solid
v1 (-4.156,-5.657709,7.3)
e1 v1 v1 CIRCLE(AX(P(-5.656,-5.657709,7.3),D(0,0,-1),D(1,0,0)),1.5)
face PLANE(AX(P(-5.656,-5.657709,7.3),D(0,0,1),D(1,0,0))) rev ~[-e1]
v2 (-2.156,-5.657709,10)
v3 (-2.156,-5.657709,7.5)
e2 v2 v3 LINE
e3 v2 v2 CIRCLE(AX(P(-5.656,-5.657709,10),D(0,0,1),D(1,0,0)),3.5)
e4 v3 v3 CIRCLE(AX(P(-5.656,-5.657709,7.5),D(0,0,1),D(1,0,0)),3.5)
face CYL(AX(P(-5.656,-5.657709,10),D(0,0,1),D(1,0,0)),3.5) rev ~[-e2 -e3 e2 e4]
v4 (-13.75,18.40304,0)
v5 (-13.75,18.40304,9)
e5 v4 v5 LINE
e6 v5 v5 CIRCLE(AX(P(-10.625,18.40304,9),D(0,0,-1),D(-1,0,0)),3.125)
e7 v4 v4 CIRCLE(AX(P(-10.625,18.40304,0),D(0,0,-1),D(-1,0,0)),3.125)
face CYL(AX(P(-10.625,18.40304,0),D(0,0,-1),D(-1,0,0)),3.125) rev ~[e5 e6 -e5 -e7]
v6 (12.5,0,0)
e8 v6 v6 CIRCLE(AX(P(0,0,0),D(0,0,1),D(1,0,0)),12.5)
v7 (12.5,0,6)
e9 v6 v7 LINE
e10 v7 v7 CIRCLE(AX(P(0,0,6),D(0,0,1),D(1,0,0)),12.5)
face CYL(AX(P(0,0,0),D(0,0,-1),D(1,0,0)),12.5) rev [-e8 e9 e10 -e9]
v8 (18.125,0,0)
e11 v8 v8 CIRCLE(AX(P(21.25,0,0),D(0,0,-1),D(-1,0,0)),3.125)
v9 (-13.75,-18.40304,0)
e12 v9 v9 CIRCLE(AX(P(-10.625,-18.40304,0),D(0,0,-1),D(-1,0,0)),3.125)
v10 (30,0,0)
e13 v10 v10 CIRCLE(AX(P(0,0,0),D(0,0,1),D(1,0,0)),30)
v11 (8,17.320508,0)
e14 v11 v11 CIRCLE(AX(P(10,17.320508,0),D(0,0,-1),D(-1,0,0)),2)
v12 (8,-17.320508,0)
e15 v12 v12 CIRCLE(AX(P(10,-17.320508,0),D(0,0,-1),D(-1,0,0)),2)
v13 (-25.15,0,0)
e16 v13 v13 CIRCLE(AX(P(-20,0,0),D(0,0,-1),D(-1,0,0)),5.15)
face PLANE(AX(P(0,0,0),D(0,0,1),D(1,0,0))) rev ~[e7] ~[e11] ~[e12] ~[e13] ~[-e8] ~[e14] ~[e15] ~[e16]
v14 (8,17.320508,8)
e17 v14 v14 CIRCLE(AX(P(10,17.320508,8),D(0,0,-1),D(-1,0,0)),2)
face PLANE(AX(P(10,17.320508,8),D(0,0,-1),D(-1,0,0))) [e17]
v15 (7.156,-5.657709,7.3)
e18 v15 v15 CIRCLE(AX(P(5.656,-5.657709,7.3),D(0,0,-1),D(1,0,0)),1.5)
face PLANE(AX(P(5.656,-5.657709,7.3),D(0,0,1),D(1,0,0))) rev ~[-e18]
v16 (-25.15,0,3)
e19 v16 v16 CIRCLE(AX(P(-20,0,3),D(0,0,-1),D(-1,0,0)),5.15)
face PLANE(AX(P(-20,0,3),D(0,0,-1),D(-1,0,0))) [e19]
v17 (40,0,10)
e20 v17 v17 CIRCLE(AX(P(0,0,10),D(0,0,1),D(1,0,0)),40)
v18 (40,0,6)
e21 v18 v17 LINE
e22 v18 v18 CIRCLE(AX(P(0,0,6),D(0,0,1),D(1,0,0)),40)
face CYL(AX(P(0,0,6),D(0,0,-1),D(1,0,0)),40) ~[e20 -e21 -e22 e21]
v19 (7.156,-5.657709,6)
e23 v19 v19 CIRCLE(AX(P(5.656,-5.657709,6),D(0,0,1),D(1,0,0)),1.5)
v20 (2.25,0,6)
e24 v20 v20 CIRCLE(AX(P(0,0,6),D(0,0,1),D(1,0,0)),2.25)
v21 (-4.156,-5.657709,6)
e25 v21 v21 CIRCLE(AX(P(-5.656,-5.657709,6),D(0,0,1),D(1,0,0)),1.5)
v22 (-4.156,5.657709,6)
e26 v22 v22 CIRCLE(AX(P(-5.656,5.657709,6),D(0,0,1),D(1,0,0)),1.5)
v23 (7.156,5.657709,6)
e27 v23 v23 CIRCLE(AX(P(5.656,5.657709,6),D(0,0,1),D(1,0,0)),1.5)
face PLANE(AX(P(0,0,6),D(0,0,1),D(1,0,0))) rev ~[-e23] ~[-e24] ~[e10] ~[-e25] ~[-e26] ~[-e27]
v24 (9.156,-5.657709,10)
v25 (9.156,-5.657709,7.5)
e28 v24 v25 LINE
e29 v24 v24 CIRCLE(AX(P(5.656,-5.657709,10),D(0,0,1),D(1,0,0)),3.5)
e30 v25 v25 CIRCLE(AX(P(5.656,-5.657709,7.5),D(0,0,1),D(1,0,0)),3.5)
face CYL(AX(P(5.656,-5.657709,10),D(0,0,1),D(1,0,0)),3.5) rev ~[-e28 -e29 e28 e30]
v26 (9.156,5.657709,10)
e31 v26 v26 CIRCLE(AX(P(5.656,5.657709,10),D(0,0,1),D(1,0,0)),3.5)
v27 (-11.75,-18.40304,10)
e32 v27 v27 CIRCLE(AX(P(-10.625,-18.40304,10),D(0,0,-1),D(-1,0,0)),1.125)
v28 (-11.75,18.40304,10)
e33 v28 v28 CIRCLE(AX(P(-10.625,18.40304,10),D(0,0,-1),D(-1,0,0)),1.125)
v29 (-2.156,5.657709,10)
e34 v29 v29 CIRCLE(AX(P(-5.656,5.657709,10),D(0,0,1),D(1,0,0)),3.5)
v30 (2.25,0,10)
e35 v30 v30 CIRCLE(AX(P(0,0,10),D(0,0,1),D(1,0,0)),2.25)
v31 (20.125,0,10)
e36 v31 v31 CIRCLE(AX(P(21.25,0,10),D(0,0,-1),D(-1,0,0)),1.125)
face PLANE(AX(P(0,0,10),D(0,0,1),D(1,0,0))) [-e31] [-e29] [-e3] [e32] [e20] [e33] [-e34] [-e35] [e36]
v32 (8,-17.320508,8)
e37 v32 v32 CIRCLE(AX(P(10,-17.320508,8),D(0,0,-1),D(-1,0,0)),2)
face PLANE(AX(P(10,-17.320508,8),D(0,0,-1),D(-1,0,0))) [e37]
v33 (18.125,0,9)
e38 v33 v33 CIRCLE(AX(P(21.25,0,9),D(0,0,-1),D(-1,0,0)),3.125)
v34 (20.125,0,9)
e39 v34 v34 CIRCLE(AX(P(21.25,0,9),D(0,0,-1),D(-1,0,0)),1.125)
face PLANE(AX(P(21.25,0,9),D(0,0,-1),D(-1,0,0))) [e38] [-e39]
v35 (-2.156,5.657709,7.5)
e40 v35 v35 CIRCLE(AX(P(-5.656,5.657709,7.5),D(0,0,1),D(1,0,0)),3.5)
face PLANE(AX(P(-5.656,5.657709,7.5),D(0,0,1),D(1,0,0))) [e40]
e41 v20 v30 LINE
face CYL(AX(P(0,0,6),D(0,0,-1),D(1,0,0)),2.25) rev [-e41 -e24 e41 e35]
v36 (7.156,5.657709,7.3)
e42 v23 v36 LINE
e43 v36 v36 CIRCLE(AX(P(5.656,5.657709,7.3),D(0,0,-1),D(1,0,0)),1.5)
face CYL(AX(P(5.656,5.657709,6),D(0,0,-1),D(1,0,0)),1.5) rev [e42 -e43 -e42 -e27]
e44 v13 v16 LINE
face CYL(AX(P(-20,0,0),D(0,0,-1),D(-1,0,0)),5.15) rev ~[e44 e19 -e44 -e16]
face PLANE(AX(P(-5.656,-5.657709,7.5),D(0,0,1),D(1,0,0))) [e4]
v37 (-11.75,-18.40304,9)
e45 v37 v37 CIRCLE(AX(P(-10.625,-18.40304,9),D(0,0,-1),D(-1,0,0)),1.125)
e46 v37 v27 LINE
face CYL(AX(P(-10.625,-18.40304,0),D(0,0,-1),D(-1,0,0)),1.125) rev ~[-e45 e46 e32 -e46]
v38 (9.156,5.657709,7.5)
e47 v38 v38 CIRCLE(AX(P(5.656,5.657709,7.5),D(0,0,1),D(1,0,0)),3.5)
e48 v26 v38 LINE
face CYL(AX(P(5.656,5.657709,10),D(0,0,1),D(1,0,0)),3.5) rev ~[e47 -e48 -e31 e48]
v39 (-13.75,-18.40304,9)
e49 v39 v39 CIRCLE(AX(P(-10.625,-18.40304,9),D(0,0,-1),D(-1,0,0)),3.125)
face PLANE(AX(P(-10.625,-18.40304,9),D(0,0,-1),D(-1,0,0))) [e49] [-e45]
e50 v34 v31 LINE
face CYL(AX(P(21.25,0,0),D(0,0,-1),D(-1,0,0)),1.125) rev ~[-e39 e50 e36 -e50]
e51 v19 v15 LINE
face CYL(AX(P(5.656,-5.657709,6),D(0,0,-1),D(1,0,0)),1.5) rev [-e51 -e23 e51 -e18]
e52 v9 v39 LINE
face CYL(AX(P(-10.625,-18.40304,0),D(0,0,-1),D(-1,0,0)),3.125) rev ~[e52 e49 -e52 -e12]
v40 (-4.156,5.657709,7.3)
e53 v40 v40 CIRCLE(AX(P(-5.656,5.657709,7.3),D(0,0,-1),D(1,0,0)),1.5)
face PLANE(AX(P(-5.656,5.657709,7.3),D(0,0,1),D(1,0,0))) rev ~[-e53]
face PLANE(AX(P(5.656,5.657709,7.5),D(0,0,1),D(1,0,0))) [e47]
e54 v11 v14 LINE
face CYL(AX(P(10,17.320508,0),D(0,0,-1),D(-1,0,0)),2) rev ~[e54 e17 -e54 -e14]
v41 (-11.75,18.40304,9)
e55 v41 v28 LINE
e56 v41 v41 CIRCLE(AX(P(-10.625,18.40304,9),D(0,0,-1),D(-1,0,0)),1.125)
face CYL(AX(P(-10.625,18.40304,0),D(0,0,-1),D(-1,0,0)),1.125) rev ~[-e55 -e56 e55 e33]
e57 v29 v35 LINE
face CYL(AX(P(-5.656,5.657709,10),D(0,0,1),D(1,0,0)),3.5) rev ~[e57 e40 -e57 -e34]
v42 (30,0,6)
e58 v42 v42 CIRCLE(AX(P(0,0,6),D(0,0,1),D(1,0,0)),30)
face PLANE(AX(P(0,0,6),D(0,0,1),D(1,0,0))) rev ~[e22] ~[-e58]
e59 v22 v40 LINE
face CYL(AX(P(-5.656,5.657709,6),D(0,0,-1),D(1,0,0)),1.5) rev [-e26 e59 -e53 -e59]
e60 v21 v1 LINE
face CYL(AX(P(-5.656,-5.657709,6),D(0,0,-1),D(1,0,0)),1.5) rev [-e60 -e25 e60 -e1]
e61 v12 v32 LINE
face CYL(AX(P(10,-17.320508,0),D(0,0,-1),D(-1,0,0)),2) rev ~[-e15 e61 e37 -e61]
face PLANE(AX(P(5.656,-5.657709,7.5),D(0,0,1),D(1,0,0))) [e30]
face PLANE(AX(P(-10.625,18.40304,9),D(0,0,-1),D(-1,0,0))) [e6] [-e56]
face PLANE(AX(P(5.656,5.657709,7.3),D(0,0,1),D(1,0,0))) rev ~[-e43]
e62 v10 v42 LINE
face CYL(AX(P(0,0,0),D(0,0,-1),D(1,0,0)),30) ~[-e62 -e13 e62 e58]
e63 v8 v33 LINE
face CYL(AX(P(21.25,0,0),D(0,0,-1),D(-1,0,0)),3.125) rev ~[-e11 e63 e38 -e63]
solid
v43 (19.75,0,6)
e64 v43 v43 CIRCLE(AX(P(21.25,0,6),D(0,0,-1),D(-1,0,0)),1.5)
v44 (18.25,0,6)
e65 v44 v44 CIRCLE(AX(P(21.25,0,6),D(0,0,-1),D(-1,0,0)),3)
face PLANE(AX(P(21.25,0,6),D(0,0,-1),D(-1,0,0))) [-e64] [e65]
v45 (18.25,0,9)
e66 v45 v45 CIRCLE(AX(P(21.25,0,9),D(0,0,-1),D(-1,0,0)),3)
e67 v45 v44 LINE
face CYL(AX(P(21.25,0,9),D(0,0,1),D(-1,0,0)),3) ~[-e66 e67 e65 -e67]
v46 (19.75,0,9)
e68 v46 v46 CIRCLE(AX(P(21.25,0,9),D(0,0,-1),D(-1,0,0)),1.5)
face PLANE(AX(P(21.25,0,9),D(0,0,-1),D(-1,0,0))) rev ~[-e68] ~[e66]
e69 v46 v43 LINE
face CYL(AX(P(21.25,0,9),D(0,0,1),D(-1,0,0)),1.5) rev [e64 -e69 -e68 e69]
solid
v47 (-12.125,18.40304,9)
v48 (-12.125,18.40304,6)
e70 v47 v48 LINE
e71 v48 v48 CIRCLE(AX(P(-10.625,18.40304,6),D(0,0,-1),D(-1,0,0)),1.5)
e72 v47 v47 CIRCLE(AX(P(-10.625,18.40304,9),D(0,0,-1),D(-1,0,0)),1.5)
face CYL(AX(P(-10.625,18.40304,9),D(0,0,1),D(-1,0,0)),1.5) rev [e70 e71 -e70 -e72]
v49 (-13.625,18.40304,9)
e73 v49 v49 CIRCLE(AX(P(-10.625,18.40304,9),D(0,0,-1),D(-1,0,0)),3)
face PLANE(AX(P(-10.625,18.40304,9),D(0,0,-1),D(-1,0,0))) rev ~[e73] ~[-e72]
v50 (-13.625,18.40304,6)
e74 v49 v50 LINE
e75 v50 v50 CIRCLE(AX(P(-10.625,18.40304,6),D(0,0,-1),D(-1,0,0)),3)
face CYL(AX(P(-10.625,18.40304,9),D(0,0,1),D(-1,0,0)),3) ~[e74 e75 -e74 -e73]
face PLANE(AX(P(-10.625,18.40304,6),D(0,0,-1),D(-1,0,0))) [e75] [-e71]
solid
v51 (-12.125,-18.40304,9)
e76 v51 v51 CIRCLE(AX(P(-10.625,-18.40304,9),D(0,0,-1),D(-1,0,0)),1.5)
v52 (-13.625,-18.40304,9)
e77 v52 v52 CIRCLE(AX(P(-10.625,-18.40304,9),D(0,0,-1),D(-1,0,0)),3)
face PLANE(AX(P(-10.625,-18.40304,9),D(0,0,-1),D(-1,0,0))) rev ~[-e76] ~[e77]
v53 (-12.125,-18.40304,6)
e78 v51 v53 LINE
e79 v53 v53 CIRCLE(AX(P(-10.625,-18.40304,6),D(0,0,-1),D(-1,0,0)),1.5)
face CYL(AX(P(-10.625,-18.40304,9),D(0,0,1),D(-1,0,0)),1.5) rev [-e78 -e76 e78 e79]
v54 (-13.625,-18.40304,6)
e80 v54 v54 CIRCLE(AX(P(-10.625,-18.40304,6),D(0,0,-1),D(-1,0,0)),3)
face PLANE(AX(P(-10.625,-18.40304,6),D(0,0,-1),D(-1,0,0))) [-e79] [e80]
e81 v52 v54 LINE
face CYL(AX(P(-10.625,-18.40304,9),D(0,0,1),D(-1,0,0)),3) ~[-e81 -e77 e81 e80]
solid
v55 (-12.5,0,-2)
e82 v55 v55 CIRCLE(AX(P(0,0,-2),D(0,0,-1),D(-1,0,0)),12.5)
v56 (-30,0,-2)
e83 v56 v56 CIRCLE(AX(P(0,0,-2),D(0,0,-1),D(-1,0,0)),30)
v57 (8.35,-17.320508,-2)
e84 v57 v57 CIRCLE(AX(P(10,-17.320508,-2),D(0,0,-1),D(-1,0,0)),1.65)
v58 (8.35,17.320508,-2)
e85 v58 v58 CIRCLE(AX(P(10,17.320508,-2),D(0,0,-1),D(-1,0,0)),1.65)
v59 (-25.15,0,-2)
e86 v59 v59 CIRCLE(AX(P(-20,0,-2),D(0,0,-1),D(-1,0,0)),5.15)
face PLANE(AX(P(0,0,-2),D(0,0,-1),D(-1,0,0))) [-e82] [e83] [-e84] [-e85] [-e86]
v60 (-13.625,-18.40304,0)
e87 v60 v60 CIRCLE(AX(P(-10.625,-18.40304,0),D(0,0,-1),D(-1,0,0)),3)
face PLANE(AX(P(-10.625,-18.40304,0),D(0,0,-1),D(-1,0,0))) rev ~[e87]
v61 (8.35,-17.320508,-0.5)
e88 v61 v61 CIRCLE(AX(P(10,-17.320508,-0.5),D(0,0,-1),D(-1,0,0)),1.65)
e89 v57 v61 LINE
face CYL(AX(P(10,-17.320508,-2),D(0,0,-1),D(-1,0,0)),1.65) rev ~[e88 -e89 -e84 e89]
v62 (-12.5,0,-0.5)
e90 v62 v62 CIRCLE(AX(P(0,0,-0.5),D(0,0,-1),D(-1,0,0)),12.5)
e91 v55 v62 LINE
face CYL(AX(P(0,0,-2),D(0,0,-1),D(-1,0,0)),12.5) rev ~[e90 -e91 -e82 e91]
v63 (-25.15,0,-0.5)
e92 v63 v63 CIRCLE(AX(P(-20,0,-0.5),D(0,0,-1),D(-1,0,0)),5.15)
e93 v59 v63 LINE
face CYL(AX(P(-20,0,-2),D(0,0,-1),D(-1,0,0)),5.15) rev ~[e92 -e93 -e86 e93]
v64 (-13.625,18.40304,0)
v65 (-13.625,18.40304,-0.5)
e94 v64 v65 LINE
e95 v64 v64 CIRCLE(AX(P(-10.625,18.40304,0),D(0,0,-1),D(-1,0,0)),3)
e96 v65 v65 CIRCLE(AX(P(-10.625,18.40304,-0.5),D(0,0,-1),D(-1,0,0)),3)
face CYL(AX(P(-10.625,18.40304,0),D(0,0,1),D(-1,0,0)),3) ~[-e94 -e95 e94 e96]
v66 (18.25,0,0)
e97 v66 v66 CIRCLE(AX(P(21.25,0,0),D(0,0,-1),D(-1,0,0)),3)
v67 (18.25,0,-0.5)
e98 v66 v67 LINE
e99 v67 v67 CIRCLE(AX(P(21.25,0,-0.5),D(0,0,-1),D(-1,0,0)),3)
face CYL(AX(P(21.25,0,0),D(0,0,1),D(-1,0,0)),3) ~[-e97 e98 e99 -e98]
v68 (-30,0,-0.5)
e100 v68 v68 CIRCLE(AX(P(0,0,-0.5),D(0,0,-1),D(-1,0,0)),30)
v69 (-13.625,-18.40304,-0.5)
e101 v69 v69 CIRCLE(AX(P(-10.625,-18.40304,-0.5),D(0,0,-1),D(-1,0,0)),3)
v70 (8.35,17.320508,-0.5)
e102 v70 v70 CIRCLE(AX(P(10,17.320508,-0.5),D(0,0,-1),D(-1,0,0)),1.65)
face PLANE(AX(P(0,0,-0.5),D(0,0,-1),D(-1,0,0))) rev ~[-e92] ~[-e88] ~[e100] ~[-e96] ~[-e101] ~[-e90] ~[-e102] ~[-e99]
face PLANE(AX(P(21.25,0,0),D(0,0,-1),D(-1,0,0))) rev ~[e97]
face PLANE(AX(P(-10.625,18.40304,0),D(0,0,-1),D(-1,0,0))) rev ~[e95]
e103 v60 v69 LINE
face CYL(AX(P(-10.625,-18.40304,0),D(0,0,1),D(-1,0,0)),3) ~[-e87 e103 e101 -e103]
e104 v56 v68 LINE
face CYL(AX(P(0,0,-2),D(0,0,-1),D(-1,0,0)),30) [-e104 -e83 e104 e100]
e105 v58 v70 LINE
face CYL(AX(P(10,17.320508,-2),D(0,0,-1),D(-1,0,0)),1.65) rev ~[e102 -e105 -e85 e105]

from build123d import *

# Parameters (mm, degrees)
SKETCH1_R             = 30
SKETCH1_R_2           = 12.5
BOSS_EXTRUDE1_DEPTH   = 6
SKETCH2_R             = 40
SKETCH2_R_2           = 2.25
SKETCH2_R_3           = 1.5
BOSS_EXTRUDE2_DEPTH   = 4
SKETCH3_R             = 3.5
CUT_EXTRUDE1_DEPTH    = 2.5
SKETCH4_R             = 5.15
CUT_EXTRUDE2_DEPTH    = 3
SKETCH5_R             = 3.5
BOSS_EXTRUDE3_DEPTH   = 0.2
SKETCH6_R             = 1.125
CUT_EXTRUDE3_DEPTH    = 10
SKETCH7_R             = 3.125
CUT_EXTRUDE4_DEPTH    = 9
SKETCH8_R             = 2
CUT_EXTRUDE5_DEPTH    = 8
SKETCH9_R             = 3
BOSS_EXTRUDE4_DEPTH   = 0.5
BOSS_EXTRUDE4_2_DEPTH = 0.5
BOSS_EXTRUDE4_3_DEPTH = 0.5
BOSS_EXTRUDE5_START   = 1.5
SKETCH10_R            = 30
SKETCH10_R_2          = 5.15
SKETCH10_R_3          = 12.5
SKETCH10_R_4          = 1.65
BOSS_EXTRUDE5_DEPTH   = 1.5
SKETCH11_R            = 3
SKETCH11_R_2          = 1.5
BOSS_EXTRUDE6_DEPTH   = 3
BOSS_EXTRUDE6_2_DEPTH = 3
BOSS_EXTRUDE6_3_DEPTH = 3


with BuildPart() as part:
    # Sketch1 → Boss-Extrude1 (new body)
    with BuildSketch(Plane.XY):
        Circle(SKETCH1_R)
        Circle(SKETCH1_R_2, mode=Mode.SUBTRACT)
    extrude(amount=BOSS_EXTRUDE1_DEPTH)

    # Sketch2 → Boss-Extrude2 (add)
    with BuildSketch(Plane.XY.offset(6)):
        Circle(SKETCH2_R)
        Circle(SKETCH2_R_2, mode=Mode.SUBTRACT)
        with Locations((-5.655999742, 5.657708628)):
            Circle(SKETCH2_R_3, mode=Mode.SUBTRACT)
        with Locations((-5.655999742, -5.657708628)):
            Circle(SKETCH2_R_3, mode=Mode.SUBTRACT)
        with Locations((5.655999742, -5.657708628)):
            Circle(SKETCH2_R_3, mode=Mode.SUBTRACT)
        with Locations((5.655999742, 5.657708628)):
            Circle(SKETCH2_R_3, mode=Mode.SUBTRACT)
    extrude(amount=BOSS_EXTRUDE2_DEPTH)

    # Sketch3 → Cut-Extrude1 (cut)
    with BuildSketch(Plane.XY.offset(10)):
        with Locations((-5.655999742, 5.657708628)):
            Circle(SKETCH3_R)
        with Locations((5.655999742, 5.657708628)):
            Circle(SKETCH3_R)
        with Locations((5.655999742, -5.657708628)):
            Circle(SKETCH3_R)
        with Locations((-5.655999742, -5.657708628)):
            Circle(SKETCH3_R)
    extrude(amount=-CUT_EXTRUDE1_DEPTH, mode=Mode.SUBTRACT)

    # Sketch4 → Cut-Extrude2 (cut)
    with BuildSketch(Plane(origin=(0, 0, 0), x_dir=(-1, 0, 0), z_dir=(0, 0, -1))):
        with Locations((20, 0)):
            Circle(SKETCH4_R)
    extrude(amount=-CUT_EXTRUDE2_DEPTH, mode=Mode.SUBTRACT)

    # Sketch5 → Boss-Extrude3 (add)
    with BuildSketch(Plane.XY.offset(7.5)):
        with Locations((-5.655999742, 5.657708628)):
            Circle(SKETCH5_R)
        with Locations((5.655999742, 5.657708628)):
            Circle(SKETCH5_R)
        with Locations((-5.655999742, -5.657708628)):
            Circle(SKETCH5_R)
        with Locations((5.655999742, -5.657708628)):
            Circle(SKETCH5_R)
    extrude(amount=-BOSS_EXTRUDE3_DEPTH)

    # Sketch6 → Cut-Extrude3 (cut)
    with BuildSketch(Plane(origin=(0, 0, 0), x_dir=(-1, 0, 0), z_dir=(0, 0, -1))):
        with Locations((-21.25, 0)):
            Circle(SKETCH6_R)
        with Locations((10.625, 18.40303983)):
            Circle(SKETCH6_R)
        with Locations((10.625, -18.40303983)):
            Circle(SKETCH6_R)
    extrude(amount=-CUT_EXTRUDE3_DEPTH, mode=Mode.SUBTRACT)

    # Sketch7 → Cut-Extrude4 (cut)
    with BuildSketch(Plane(origin=(0, 0, 0), x_dir=(-1, 0, 0), z_dir=(0, 0, -1))):
        with Locations((-21.25, 0)):
            Circle(SKETCH7_R)
        with Locations((10.625, 18.40303983)):
            Circle(SKETCH7_R)
        with Locations((10.625, -18.40303983)):
            Circle(SKETCH7_R)
    extrude(amount=-CUT_EXTRUDE4_DEPTH, mode=Mode.SUBTRACT)

    # Sketch8 → Cut-Extrude5 (cut)
    with BuildSketch(Plane(origin=(0, 0, 0), x_dir=(-1, 0, 0), z_dir=(0, 0, -1))):
        with Locations((-10, -17.320508076)):
            Circle(SKETCH8_R)
        with Locations((-10, 17.320508076)):
            Circle(SKETCH8_R)
    extrude(amount=-CUT_EXTRUDE5_DEPTH, mode=Mode.SUBTRACT)


with BuildPart() as body_2:
    # Sketch9 → Boss-Extrude4 (new body)
    with BuildSketch(Plane(origin=(0, 0, 0), x_dir=(-1, 0, 0), z_dir=(0, 0, -1))):
        with Locations((-21.25, 0)):
            Circle(SKETCH9_R)
    extrude(amount=BOSS_EXTRUDE4_DEPTH)



with BuildPart() as body_3:
    # Sketch9 → Boss-Extrude4 2 (new body)
    with BuildSketch(Plane(origin=(0, 0, 0), x_dir=(-1, 0, 0), z_dir=(0, 0, -1))):
        with Locations((10.625, 18.40303983)):
            Circle(SKETCH9_R)
    extrude(amount=BOSS_EXTRUDE4_2_DEPTH)


with BuildPart() as body_4:
    # Sketch9 → Boss-Extrude4 3 (new body)
    with BuildSketch(Plane(origin=(0, 0, 0), x_dir=(-1, 0, 0), z_dir=(0, 0, -1))):
        with Locations((10.625, -18.40303983)):
            Circle(SKETCH9_R)
    extrude(amount=BOSS_EXTRUDE4_3_DEPTH)


with BuildPart() as body_2_1:
    add(body_2.part)

    add(body_3.part)  # Boss-Extrude5 merges body 3

    add(body_4.part)  # Boss-Extrude5 merges body 4
    # Sketch10 → Boss-Extrude5 (add)
    with BuildSketch(Plane(origin=(0, 0, -0.5), x_dir=(-1, 0, 0), z_dir=(0, 0, -1)).offset(BOSS_EXTRUDE5_START)):
        Circle(SKETCH10_R)
        with Locations((20, 0)):
            Circle(SKETCH10_R_2, mode=Mode.SUBTRACT)
        Circle(SKETCH10_R_3, mode=Mode.SUBTRACT)
        with Locations((-10, 17.320508076)):
            Circle(SKETCH10_R_4, mode=Mode.SUBTRACT)
        with Locations((-10, -17.320508076)):
            Circle(SKETCH10_R_4, mode=Mode.SUBTRACT)
    extrude(amount=-BOSS_EXTRUDE5_DEPTH)


with BuildPart() as body_3_2:
    # Sketch11 → Boss-Extrude6 (new body)
    with BuildSketch(Plane(origin=(0, 0, 9), x_dir=(-1, 0, 0), z_dir=(0, 0, -1))):
        with Locations((-21.25, 0)):
            Circle(SKETCH11_R)
        with Locations((-21.25, 0)):
            Circle(SKETCH11_R_2, mode=Mode.SUBTRACT)
    extrude(amount=BOSS_EXTRUDE6_DEPTH)


with BuildPart() as body_4_2:
    # Sketch11 → Boss-Extrude6 2 (new body)
    with BuildSketch(Plane(origin=(0, 0, 9), x_dir=(-1, 0, 0), z_dir=(0, 0, -1))):
        with Locations((10.625, 18.40303983)):
            Circle(SKETCH11_R)
        with Locations((10.625, 18.40303983)):
            Circle(SKETCH11_R_2, mode=Mode.SUBTRACT)
    extrude(amount=BOSS_EXTRUDE6_2_DEPTH)


with BuildPart() as body_5:
    # Sketch11 → Boss-Extrude6 3 (new body)
    with BuildSketch(Plane(origin=(0, 0, 9), x_dir=(-1, 0, 0), z_dir=(0, 0, -1))):
        with Locations((10.625, -18.40303983)):
            Circle(SKETCH11_R)
        with Locations((10.625, -18.40303983)):
            Circle(SKETCH11_R_2, mode=Mode.SUBTRACT)
    extrude(amount=BOSS_EXTRUDE6_3_DEPTH)


solid = Compound([part.part, body_2_1.part, body_3_2.part, body_4_2.part, body_5.part])
